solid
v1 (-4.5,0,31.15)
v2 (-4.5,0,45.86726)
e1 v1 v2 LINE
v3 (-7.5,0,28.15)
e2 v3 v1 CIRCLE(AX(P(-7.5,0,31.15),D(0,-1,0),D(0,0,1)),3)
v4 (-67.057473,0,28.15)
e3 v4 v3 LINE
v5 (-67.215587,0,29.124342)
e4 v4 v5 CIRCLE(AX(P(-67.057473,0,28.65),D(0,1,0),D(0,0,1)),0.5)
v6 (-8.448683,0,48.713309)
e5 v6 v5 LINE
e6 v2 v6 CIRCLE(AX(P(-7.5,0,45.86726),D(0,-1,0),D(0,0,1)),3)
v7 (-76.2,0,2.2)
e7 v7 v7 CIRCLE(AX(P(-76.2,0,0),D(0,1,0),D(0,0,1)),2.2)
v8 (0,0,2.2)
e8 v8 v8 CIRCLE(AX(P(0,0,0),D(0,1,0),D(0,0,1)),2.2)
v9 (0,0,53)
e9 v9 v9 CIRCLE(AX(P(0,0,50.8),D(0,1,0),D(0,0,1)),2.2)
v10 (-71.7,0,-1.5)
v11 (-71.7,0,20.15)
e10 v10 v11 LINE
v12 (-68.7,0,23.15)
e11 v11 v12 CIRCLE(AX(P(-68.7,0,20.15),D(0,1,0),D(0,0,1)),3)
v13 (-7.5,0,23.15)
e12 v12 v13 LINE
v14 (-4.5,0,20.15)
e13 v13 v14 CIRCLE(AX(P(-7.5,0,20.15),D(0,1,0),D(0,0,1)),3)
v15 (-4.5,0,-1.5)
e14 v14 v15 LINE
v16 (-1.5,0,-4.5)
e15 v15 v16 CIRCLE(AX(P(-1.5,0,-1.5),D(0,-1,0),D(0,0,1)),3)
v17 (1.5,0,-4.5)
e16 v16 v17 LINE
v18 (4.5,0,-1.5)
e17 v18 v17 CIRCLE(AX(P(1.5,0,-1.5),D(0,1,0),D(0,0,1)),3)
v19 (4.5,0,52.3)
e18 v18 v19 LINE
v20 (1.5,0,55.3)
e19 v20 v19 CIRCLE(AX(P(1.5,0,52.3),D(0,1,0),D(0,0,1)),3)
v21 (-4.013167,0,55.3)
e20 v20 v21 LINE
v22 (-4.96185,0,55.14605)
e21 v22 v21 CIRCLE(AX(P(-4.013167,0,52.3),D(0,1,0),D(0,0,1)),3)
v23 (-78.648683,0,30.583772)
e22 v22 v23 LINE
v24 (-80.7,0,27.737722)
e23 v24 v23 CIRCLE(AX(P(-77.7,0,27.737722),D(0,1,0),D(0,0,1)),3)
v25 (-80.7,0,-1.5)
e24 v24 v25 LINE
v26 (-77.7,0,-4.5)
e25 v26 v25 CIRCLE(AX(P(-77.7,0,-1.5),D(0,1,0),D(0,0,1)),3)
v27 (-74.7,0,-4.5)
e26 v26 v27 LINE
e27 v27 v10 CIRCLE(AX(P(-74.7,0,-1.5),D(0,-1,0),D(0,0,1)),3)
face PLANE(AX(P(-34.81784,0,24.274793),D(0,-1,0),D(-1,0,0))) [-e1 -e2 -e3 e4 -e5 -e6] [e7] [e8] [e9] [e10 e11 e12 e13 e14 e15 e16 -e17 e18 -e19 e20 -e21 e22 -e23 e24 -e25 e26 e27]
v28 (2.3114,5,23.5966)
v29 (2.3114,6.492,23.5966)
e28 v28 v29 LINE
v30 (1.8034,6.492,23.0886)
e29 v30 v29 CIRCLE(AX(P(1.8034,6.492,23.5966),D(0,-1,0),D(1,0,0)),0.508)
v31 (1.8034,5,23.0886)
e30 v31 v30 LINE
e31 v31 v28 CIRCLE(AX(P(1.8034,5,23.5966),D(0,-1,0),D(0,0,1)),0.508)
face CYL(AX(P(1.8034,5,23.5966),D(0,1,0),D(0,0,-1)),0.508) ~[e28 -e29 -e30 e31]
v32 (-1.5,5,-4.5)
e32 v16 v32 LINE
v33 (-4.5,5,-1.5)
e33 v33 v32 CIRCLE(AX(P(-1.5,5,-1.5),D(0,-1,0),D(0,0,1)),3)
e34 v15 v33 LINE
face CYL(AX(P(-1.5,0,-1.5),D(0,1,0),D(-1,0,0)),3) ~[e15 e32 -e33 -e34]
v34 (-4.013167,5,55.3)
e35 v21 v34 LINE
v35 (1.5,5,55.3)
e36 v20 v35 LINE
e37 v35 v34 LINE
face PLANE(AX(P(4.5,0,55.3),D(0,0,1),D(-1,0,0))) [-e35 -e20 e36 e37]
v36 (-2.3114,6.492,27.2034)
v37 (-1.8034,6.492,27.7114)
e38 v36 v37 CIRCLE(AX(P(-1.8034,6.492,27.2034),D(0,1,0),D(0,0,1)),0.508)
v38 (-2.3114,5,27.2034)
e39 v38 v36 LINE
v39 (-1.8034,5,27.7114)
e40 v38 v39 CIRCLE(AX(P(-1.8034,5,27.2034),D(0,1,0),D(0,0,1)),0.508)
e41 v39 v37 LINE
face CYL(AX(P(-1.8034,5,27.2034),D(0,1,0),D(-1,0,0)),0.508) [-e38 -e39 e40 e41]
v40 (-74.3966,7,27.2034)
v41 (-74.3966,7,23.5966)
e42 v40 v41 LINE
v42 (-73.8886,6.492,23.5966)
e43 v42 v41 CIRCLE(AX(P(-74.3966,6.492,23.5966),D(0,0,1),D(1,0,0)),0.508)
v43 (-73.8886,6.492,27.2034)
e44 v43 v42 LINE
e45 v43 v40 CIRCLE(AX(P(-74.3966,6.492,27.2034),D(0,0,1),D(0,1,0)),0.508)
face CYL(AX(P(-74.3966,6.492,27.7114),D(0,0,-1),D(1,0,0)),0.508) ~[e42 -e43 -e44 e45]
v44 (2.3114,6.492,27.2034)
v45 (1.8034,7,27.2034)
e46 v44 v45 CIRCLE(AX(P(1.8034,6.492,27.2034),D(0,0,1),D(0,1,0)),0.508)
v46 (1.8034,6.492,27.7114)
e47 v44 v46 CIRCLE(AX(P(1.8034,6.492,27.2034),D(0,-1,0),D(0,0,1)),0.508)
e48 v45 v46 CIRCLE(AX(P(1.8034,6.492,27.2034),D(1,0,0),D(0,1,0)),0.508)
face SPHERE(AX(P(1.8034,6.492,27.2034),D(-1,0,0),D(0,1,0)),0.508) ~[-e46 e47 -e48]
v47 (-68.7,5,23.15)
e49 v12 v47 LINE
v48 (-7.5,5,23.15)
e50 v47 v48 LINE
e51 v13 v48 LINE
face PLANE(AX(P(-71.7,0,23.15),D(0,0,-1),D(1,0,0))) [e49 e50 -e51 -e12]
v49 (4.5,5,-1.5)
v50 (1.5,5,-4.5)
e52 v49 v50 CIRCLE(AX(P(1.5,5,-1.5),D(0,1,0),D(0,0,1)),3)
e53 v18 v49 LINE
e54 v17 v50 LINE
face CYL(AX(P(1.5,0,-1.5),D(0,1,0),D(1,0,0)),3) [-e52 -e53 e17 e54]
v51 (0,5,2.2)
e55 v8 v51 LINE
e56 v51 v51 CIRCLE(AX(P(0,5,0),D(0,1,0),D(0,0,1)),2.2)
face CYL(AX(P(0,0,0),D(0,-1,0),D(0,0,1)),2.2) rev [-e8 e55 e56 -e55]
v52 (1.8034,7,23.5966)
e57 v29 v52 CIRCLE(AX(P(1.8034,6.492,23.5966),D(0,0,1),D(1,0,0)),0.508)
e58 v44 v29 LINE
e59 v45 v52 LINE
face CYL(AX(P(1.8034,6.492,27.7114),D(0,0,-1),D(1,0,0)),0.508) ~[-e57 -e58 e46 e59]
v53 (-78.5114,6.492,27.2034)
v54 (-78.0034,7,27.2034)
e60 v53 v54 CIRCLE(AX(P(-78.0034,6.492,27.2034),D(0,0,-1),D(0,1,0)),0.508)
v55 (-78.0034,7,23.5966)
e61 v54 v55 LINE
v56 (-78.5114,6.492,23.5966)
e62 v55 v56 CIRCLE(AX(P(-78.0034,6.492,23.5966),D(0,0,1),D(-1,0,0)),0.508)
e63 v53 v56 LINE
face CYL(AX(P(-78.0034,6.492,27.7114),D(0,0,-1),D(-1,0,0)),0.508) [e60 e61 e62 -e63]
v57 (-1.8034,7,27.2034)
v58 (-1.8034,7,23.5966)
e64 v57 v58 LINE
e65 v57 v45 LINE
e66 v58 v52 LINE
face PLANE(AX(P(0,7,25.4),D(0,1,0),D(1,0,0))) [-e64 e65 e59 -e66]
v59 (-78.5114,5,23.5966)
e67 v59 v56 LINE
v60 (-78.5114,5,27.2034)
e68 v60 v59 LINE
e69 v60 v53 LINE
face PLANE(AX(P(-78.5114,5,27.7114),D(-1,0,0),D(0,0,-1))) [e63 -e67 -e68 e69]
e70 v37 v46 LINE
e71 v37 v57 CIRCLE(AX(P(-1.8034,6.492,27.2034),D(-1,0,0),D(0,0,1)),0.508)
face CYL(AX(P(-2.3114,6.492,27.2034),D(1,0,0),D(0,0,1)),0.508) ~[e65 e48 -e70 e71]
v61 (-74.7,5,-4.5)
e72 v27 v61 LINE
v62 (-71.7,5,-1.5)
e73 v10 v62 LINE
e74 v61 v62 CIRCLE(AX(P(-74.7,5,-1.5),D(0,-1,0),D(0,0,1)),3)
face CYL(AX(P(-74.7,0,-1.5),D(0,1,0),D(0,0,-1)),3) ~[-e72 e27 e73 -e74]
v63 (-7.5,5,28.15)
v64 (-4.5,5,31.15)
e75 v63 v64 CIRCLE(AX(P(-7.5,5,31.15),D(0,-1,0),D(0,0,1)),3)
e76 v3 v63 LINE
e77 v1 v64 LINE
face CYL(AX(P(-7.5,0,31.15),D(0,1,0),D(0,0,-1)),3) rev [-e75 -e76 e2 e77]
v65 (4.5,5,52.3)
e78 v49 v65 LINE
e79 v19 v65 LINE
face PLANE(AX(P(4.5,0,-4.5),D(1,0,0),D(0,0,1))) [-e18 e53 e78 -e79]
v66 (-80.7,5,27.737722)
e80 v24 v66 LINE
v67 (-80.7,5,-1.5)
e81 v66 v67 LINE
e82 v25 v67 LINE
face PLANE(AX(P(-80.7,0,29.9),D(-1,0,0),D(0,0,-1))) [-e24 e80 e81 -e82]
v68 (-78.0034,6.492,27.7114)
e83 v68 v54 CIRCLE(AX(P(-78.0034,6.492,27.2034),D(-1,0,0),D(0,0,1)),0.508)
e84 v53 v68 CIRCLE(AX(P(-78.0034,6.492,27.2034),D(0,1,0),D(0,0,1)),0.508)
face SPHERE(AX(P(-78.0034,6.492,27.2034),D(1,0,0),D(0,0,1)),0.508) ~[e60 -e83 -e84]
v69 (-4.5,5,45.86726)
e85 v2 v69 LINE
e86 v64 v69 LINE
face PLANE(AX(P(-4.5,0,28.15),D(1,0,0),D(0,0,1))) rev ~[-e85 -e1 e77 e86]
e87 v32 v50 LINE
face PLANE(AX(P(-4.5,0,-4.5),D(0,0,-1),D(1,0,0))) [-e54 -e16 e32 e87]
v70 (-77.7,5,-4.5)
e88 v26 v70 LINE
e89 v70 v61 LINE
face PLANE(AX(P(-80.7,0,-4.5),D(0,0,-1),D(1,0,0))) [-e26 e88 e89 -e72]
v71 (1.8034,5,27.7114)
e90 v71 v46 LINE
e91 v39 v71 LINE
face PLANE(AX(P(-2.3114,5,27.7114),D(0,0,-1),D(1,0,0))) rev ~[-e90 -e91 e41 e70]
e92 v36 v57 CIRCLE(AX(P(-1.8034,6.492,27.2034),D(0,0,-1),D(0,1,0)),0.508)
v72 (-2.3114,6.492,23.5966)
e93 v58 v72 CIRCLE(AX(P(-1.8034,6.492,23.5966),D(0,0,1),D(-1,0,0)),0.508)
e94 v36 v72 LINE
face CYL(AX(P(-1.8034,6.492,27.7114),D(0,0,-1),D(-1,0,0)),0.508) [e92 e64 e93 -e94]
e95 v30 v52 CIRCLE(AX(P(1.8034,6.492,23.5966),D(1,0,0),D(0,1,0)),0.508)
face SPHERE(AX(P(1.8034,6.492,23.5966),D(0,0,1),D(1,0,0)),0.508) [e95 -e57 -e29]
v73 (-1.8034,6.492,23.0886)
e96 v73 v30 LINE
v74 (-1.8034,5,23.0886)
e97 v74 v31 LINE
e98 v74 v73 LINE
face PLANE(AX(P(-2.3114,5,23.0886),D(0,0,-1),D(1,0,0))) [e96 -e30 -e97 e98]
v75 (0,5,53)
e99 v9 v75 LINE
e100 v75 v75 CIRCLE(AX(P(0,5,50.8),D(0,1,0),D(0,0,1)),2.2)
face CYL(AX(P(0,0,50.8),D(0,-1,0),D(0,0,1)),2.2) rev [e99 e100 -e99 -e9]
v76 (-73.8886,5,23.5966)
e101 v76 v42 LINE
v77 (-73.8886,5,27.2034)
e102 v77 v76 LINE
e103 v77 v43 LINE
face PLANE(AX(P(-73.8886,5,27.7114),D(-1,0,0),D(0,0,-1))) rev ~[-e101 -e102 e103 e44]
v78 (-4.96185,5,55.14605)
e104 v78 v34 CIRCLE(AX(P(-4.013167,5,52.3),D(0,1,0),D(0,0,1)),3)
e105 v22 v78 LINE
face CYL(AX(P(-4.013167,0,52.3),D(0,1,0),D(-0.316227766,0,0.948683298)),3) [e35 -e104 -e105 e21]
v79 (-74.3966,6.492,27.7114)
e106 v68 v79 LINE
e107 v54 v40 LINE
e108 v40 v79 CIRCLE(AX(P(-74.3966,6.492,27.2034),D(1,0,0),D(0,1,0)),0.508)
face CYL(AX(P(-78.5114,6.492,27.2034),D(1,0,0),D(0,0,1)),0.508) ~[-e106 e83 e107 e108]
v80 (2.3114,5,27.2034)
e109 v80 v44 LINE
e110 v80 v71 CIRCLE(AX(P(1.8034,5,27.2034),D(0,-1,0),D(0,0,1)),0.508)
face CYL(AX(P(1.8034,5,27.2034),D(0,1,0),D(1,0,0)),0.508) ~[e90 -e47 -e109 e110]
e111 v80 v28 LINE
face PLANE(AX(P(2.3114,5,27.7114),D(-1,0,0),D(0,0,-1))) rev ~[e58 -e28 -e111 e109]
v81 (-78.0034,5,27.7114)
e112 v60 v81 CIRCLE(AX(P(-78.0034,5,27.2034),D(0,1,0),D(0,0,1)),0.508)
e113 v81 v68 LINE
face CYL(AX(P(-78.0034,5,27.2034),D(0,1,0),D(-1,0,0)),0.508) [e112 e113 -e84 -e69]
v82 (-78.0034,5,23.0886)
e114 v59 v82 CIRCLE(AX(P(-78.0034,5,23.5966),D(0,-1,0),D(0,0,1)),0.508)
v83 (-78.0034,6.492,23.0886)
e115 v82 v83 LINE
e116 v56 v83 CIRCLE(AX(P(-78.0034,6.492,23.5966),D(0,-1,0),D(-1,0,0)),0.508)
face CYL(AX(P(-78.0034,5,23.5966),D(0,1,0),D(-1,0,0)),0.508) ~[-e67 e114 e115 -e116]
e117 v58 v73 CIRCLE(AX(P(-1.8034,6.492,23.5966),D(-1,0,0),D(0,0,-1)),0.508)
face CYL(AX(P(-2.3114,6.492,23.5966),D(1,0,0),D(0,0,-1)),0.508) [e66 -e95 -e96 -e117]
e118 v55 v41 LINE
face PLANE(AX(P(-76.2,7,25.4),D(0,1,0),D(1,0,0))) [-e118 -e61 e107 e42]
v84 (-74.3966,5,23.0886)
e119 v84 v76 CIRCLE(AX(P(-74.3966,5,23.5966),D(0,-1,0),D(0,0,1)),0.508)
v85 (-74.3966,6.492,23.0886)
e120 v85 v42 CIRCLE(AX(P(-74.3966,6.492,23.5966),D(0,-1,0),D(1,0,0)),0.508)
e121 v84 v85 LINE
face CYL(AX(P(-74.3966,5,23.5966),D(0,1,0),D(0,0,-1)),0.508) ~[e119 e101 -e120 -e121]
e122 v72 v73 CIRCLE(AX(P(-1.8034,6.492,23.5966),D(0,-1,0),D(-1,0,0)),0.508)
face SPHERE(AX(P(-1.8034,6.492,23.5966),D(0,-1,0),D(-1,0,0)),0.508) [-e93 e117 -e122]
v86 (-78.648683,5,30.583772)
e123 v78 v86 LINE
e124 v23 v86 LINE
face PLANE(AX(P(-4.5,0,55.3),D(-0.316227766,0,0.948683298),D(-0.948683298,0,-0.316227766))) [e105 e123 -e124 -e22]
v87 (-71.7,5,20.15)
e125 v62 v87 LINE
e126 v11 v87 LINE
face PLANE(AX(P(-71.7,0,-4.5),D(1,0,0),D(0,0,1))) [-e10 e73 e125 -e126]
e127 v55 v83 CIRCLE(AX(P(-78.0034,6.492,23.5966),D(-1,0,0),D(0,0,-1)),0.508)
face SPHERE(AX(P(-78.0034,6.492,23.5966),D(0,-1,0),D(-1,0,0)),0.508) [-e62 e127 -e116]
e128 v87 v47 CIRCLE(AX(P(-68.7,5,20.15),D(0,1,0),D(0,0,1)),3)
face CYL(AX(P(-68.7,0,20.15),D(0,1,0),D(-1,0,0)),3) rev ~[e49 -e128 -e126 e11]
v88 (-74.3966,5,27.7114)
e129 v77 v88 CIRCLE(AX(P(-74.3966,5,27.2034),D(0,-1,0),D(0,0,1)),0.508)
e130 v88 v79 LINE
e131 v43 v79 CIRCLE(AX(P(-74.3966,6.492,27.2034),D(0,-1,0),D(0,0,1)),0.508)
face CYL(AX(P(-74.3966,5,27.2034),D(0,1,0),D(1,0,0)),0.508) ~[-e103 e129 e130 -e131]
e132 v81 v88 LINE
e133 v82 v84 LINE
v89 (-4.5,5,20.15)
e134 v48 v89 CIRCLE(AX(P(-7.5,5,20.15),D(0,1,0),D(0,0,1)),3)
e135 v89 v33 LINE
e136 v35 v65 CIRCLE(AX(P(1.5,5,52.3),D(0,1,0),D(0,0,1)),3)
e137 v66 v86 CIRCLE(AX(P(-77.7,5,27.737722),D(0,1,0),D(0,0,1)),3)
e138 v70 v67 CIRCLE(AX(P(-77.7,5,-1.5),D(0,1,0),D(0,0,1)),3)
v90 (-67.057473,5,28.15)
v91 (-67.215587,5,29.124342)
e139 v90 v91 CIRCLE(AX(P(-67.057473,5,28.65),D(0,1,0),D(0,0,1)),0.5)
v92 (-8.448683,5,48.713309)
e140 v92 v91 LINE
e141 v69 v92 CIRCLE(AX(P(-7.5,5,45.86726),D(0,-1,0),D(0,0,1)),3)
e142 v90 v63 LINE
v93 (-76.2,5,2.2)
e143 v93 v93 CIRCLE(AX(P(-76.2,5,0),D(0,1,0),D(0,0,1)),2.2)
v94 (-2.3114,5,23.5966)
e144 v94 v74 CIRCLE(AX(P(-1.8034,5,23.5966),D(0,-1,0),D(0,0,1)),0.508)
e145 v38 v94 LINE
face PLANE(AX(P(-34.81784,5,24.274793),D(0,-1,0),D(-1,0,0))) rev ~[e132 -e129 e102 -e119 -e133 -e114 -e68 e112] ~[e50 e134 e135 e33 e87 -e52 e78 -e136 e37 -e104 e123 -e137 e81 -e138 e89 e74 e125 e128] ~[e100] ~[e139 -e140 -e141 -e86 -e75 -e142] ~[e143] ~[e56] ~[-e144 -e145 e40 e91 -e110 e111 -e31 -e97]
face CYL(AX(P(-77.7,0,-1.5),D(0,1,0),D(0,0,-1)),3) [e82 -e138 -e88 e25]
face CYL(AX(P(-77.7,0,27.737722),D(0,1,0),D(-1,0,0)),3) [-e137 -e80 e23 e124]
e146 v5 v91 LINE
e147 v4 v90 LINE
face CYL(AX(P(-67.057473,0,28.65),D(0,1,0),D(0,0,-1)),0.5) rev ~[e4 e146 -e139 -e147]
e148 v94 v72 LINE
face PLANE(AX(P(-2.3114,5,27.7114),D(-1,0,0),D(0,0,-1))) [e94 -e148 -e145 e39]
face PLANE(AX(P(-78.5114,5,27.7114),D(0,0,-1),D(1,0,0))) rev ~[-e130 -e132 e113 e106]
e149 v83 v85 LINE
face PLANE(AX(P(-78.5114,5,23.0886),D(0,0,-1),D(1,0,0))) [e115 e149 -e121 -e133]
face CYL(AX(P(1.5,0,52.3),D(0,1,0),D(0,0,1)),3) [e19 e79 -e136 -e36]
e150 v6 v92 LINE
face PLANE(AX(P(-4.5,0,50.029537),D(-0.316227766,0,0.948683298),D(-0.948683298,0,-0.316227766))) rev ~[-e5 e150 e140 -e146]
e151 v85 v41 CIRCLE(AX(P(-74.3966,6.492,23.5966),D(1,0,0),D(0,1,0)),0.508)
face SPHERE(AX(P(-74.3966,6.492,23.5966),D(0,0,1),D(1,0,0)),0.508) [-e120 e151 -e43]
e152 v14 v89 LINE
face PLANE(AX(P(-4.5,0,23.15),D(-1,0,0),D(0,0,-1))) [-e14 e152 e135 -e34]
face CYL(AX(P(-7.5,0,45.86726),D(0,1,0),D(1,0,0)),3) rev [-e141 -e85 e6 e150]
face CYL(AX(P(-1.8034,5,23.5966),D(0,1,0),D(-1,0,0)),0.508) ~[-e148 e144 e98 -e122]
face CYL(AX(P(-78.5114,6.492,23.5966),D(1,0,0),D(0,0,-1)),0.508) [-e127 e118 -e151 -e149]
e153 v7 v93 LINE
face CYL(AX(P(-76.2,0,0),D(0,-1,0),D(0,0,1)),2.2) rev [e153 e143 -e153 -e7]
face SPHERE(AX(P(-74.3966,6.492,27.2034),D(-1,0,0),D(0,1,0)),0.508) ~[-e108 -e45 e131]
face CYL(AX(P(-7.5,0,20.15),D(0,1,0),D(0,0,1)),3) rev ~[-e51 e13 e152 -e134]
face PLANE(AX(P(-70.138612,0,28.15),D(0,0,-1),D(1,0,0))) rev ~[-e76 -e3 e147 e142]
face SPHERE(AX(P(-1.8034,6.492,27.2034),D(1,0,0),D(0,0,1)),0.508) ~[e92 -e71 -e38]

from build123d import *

# Parameters (mm, degrees)
SKETCH1_R           = 2.2
BOSS_EXTRUDE1_DEPTH = 5
BOSS_EXTRUDE2_START = 5
SKETCH1_3_W         = 4.6228
SKETCH1_3_H         = 4.6228
BOSS_EXTRUDE2_DEPTH = 2
FILLET1_R           = 3
FILLET2_R           = 0.508
FILLET3_R           = 0.5


with BuildPart() as part:
    # Sketch1 → Boss-Extrude1 (new body)
    with BuildSketch(Plane(origin=(0, 0, 0), x_dir=(1, 0, 0), z_dir=(0, 1, 0))):
        Polygon((-80.7, 4.5), (-71.7, 4.5), (-71.7, -23.15), (-4.5, -23.15), (-4.5, 4.5), (4.5, 4.5), (4.5, -55.3), (-4.5, -55.3), (-80.7, -29.9), align=None)
        with Locations(Location((0, 0, 0), (0, 0, 270))):
            Circle(SKETCH1_R, mode=Mode.SUBTRACT)
        with Locations(Location((-76.2, 0, 0), (0, 0, 270))):
            Circle(SKETCH1_R, mode=Mode.SUBTRACT)
        with Locations(Location((0, -50.8, 0), (0, 0, 270))):
            Circle(SKETCH1_R, mode=Mode.SUBTRACT)
        Polygon((-70.138611699, -28.15), (-4.5, -28.15), (-4.5, -50.029537233), align=None, mode=Mode.SUBTRACT)
    extrude(amount=BOSS_EXTRUDE1_DEPTH)

    # Sketch1<3> → Boss-Extrude2 (add)
    with BuildSketch(Plane(origin=(0, 0, 0), x_dir=(1, 0, 0), z_dir=(0, 1, 0)).offset(BOSS_EXTRUDE2_START)):
        with Locations((-76.2, -25.4)):
            Rectangle(SKETCH1_3_W, SKETCH1_3_H)
        with Locations((0, -25.4)):
            Rectangle(SKETCH1_3_W, SKETCH1_3_H)
    extrude(amount=BOSS_EXTRUDE2_DEPTH)

    # Fillet1
    fillet1_edges = [part.edges().sort_by_distance(p)[0] for p in [
        (-4.5, 2.5, 28.15),
        (-4.5, 2.5, 50.029537233),
        (-80.7, 2.5, -4.5),
        (-71.7, 2.5, -4.5),
        (-71.7, 2.5, 23.15),
        (-4.5, 2.5, 23.15),
        (-4.5, 2.5, -4.5),
        (4.5, 2.5, -4.5),
        (4.5, 2.5, 55.3),
        (-4.5, 2.5, 55.3),
        (-80.7, 2.5, 29.9),
    ]]
    fillet(fillet1_edges, radius=FILLET1_R)

    # Fillet2
    fillet2_edges = [part.edges().sort_by_distance(p)[0] for p in [
        (-78.5114, 6, 23.0886),
        (-76.2, 7, 27.7114),
        (-78.5114, 6, 27.7114),
        (-73.8886, 7, 25.4),
        (-73.8886, 6, 27.7114),
        (-73.8886, 6, 23.0886),
        (-78.5114, 7, 25.4),
        (-76.2, 7, 23.0886),
        (-2.3114, 6, 23.0886),
        (0, 7, 27.7114),
        (-2.3114, 6, 27.7114),
        (2.3114, 7, 25.4),
        (2.3114, 6, 27.7114),
        (2.3114, 6, 23.0886),
        (-2.3114, 7, 25.4),
        (0, 7, 23.0886),
    ]]
    fillet(fillet2_edges, radius=FILLET2_R)

    # Fillet3
    fillet3_edges = [part.edges().sort_by_distance(p)[0] for p in [
        (-70.138611699, 2.5, 28.15),
    ]]
    fillet(fillet3_edges, radius=FILLET3_R)


solid = part.part
